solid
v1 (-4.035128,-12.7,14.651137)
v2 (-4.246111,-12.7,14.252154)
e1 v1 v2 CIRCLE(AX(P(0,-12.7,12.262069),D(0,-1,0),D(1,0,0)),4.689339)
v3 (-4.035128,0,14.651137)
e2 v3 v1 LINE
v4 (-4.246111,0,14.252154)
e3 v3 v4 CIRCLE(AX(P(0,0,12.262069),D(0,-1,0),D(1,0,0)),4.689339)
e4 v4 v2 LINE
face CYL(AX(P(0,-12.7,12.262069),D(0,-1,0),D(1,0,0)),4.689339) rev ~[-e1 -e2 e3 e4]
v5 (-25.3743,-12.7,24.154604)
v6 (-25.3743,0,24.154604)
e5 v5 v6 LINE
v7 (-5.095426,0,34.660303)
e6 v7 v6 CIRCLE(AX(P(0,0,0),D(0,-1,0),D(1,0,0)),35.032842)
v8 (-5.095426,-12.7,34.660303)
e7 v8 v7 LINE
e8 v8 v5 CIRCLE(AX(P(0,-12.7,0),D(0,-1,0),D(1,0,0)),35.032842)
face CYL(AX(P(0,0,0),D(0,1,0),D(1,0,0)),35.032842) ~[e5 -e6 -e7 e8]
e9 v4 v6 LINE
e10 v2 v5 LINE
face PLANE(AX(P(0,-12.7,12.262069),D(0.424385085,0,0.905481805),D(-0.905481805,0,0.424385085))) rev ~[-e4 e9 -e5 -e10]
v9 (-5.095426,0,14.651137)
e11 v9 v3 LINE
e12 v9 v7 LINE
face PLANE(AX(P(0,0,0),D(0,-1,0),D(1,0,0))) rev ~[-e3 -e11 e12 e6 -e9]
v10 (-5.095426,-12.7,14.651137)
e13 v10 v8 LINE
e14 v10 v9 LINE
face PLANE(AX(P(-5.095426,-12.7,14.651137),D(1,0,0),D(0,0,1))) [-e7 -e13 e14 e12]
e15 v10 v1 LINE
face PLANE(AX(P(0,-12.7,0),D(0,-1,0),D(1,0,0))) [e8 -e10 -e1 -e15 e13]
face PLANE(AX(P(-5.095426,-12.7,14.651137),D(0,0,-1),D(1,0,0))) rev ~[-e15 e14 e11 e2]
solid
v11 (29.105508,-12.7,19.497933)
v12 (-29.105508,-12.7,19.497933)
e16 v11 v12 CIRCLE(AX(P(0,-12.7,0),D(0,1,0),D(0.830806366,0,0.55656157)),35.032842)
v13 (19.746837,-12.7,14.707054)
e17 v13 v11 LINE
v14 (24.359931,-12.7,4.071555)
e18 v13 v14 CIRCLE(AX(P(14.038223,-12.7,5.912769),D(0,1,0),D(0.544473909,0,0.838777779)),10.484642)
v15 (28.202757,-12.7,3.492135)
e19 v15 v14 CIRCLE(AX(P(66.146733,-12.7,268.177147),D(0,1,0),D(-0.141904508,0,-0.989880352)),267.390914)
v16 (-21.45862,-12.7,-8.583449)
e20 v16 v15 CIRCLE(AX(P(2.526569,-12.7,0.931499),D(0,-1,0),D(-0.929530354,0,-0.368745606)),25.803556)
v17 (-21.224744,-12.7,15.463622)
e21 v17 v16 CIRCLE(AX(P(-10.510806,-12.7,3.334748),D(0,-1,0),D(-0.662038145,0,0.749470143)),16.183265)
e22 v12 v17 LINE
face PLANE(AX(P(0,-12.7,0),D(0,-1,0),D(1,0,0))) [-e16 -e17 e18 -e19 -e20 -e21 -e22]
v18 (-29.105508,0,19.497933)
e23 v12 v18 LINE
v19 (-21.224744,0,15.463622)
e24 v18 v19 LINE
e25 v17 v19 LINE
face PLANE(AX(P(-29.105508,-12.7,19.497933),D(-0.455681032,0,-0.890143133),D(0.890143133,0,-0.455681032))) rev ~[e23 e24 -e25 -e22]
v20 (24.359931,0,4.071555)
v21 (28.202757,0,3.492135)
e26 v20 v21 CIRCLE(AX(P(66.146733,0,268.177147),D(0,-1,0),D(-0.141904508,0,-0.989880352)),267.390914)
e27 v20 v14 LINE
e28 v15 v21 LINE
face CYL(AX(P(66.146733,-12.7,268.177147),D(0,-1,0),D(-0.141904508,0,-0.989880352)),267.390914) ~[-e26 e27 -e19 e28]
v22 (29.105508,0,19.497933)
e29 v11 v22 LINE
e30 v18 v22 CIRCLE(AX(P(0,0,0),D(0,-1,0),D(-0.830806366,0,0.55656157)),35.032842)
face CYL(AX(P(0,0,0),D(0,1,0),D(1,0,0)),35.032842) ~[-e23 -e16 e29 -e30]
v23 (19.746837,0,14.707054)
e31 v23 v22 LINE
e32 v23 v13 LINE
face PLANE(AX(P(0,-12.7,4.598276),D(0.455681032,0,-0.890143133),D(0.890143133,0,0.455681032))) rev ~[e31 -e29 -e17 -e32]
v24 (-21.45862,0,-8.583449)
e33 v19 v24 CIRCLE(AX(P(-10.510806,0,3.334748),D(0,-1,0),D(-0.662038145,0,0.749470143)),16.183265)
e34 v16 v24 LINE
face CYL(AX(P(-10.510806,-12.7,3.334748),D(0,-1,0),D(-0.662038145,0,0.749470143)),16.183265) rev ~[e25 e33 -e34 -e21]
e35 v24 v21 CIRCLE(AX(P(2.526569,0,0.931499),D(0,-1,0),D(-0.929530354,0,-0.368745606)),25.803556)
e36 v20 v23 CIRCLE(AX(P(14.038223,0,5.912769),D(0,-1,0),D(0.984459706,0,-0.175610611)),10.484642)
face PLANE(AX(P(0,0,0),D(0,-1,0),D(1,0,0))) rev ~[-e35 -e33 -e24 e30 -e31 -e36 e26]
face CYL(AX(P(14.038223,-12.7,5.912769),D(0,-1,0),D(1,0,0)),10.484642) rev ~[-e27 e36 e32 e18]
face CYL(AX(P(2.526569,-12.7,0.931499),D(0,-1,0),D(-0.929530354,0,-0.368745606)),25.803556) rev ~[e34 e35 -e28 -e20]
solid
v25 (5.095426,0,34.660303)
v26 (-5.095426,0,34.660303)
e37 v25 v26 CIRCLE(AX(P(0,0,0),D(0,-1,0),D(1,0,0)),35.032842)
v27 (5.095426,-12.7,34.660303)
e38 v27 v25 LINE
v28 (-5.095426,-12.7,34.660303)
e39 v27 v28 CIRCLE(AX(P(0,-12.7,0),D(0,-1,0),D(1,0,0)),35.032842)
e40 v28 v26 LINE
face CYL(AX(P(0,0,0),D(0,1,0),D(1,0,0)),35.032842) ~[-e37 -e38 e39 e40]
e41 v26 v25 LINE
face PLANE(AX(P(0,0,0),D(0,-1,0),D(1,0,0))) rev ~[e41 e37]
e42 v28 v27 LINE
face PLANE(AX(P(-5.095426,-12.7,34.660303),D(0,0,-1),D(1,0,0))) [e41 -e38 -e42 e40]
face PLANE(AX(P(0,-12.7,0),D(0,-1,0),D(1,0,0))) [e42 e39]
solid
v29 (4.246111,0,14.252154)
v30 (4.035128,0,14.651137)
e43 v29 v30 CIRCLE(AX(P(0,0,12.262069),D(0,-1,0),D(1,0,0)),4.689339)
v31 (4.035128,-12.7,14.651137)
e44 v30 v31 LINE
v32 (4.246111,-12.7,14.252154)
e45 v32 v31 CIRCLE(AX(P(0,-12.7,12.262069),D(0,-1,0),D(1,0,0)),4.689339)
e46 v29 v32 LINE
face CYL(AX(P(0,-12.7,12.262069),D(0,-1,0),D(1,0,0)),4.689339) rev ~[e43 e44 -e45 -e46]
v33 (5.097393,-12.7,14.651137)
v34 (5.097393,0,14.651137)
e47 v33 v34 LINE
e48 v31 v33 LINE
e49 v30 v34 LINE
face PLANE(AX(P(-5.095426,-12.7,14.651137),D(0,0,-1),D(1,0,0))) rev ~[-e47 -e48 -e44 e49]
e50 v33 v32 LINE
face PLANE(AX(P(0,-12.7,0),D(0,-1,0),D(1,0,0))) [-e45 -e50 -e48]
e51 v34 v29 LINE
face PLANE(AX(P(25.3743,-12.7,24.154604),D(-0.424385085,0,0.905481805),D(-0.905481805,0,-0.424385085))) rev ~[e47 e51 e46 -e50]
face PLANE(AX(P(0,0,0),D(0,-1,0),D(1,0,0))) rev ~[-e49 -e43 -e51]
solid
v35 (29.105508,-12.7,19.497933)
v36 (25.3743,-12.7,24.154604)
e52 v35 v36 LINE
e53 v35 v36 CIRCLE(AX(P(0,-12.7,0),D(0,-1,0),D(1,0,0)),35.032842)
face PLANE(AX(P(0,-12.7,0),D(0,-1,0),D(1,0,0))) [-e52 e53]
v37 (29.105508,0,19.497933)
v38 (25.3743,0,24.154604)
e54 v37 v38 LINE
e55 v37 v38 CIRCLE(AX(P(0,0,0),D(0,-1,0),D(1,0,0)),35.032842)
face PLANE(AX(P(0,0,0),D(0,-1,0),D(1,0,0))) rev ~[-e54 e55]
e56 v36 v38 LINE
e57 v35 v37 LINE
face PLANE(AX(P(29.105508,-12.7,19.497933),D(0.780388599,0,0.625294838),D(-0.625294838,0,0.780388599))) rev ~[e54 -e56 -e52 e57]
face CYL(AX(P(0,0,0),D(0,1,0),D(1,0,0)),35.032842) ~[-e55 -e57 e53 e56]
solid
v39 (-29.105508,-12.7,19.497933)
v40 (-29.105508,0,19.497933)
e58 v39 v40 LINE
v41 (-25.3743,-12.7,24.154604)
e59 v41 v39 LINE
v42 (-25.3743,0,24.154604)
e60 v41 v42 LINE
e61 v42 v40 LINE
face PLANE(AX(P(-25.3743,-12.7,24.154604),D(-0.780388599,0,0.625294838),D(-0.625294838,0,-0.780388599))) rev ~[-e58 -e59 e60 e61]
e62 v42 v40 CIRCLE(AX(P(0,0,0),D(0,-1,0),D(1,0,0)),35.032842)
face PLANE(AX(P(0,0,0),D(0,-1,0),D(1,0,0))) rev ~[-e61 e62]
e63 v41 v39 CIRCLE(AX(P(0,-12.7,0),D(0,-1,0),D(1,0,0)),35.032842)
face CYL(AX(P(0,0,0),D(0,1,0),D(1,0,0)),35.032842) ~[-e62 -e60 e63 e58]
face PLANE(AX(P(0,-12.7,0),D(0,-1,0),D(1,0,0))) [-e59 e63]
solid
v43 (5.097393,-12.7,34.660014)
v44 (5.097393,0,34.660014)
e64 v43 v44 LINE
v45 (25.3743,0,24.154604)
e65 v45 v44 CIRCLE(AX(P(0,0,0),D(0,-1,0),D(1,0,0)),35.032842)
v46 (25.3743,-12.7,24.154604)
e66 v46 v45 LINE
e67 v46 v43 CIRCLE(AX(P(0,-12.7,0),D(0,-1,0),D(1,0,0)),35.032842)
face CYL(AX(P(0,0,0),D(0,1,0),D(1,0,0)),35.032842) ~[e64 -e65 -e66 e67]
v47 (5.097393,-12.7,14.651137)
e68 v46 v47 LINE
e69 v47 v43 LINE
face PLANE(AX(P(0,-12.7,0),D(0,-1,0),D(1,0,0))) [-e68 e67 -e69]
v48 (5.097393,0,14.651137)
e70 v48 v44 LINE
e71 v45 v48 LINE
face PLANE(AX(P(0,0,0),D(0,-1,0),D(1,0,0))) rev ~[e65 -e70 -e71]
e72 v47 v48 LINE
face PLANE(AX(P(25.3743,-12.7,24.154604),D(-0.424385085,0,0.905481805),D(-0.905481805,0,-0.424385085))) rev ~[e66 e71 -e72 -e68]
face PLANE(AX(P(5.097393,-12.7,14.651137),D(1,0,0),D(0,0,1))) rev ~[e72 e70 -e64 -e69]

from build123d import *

# Parameters (mm, degrees)
F0_R      = 35.0328415464
F1_DEPTH  = 12.7
F3_DEPTH  = 25.4
F4_R      = 16.5906527708
F5_DEPTH  = 25.4
F7_DEPTH  = 25.4
F8_R      = 10.484641789
F9_DEPTH  = 25.4
F10_W     = 10.1928190628
F10_H     = 20.0091665545
F11_DEPTH = 25.4
F12_R     = 4.6893392764
F13_DEPTH = 25.4


with BuildPart() as f1:
    # F0 (on Front) → F1 (new body)
    with BuildSketch(Plane.XZ):
        Circle(F0_R)
    extrude(amount=F1_DEPTH)

    # F2 (on face) → F3 (cut)
    with BuildSketch(Plane.XZ.offset(12.7)):
        Polygon((0, 12.2620686889), (-25.3742998027, 24.1546040402), (-29.1055077913, 19.4979333015), (0, 4.5982757583), (29.1055077913, 19.4979333015), (25.3742998027, 24.1546040402), align=None)
    extrude(amount=-F3_DEPTH, mode=Mode.SUBTRACT)

    # F4 (on face) → F5 (cut)
    with BuildSketch(Plane.XZ.offset(12.7)):
        with Locations((0, -6.4375866205)):
            Circle(F4_R)
    extrude(amount=-F5_DEPTH, mode=Mode.SUBTRACT)

    # F6 (on face) → F7 (cut)
    with BuildSketch(Plane.XZ.offset(12.7)):
        with BuildLine():
            ThreePointArc((28.2027572393, 3.492135188), (3.2037443687, 8.3000973488), (-21.2247442943, 15.4636220596))
            ThreePointArc((-21.2247442943, 15.4636220596), (-26.6933052067, 3.492135188), (-21.4586202055, -8.5834488273))
            ThreePointArc((-21.4586202055, -8.5834488273), (8.6232728479, -24.1414686654), (28.2027572393, 3.492135188))
        make_face()
    extrude(amount=-F7_DEPTH, mode=Mode.SUBTRACT)

    # F8 (on face) → F9 (cut)
    with BuildSketch(Plane.XZ.offset(12.7)):
        with Locations((14.038223219, 5.912768994)):
            Circle(F8_R)
    extrude(amount=-F9_DEPTH, mode=Mode.SUBTRACT)

    # F10 (on face) → F11 (cut)
    with BuildSketch(Plane.XZ.offset(12.7)):
        with Locations((0.0009835802, 24.65571997)):
            Rectangle(F10_W, F10_H)
    extrude(amount=-F11_DEPTH, mode=Mode.SUBTRACT)

    # F12 (on face) → F13 (cut)
    with BuildSketch(Plane.XZ.offset(12.7)):
        with Locations((0, 12.2620686889)):
            Circle(F12_R)
    extrude(amount=-F13_DEPTH, mode=Mode.SUBTRACT)


solid = f1.part
